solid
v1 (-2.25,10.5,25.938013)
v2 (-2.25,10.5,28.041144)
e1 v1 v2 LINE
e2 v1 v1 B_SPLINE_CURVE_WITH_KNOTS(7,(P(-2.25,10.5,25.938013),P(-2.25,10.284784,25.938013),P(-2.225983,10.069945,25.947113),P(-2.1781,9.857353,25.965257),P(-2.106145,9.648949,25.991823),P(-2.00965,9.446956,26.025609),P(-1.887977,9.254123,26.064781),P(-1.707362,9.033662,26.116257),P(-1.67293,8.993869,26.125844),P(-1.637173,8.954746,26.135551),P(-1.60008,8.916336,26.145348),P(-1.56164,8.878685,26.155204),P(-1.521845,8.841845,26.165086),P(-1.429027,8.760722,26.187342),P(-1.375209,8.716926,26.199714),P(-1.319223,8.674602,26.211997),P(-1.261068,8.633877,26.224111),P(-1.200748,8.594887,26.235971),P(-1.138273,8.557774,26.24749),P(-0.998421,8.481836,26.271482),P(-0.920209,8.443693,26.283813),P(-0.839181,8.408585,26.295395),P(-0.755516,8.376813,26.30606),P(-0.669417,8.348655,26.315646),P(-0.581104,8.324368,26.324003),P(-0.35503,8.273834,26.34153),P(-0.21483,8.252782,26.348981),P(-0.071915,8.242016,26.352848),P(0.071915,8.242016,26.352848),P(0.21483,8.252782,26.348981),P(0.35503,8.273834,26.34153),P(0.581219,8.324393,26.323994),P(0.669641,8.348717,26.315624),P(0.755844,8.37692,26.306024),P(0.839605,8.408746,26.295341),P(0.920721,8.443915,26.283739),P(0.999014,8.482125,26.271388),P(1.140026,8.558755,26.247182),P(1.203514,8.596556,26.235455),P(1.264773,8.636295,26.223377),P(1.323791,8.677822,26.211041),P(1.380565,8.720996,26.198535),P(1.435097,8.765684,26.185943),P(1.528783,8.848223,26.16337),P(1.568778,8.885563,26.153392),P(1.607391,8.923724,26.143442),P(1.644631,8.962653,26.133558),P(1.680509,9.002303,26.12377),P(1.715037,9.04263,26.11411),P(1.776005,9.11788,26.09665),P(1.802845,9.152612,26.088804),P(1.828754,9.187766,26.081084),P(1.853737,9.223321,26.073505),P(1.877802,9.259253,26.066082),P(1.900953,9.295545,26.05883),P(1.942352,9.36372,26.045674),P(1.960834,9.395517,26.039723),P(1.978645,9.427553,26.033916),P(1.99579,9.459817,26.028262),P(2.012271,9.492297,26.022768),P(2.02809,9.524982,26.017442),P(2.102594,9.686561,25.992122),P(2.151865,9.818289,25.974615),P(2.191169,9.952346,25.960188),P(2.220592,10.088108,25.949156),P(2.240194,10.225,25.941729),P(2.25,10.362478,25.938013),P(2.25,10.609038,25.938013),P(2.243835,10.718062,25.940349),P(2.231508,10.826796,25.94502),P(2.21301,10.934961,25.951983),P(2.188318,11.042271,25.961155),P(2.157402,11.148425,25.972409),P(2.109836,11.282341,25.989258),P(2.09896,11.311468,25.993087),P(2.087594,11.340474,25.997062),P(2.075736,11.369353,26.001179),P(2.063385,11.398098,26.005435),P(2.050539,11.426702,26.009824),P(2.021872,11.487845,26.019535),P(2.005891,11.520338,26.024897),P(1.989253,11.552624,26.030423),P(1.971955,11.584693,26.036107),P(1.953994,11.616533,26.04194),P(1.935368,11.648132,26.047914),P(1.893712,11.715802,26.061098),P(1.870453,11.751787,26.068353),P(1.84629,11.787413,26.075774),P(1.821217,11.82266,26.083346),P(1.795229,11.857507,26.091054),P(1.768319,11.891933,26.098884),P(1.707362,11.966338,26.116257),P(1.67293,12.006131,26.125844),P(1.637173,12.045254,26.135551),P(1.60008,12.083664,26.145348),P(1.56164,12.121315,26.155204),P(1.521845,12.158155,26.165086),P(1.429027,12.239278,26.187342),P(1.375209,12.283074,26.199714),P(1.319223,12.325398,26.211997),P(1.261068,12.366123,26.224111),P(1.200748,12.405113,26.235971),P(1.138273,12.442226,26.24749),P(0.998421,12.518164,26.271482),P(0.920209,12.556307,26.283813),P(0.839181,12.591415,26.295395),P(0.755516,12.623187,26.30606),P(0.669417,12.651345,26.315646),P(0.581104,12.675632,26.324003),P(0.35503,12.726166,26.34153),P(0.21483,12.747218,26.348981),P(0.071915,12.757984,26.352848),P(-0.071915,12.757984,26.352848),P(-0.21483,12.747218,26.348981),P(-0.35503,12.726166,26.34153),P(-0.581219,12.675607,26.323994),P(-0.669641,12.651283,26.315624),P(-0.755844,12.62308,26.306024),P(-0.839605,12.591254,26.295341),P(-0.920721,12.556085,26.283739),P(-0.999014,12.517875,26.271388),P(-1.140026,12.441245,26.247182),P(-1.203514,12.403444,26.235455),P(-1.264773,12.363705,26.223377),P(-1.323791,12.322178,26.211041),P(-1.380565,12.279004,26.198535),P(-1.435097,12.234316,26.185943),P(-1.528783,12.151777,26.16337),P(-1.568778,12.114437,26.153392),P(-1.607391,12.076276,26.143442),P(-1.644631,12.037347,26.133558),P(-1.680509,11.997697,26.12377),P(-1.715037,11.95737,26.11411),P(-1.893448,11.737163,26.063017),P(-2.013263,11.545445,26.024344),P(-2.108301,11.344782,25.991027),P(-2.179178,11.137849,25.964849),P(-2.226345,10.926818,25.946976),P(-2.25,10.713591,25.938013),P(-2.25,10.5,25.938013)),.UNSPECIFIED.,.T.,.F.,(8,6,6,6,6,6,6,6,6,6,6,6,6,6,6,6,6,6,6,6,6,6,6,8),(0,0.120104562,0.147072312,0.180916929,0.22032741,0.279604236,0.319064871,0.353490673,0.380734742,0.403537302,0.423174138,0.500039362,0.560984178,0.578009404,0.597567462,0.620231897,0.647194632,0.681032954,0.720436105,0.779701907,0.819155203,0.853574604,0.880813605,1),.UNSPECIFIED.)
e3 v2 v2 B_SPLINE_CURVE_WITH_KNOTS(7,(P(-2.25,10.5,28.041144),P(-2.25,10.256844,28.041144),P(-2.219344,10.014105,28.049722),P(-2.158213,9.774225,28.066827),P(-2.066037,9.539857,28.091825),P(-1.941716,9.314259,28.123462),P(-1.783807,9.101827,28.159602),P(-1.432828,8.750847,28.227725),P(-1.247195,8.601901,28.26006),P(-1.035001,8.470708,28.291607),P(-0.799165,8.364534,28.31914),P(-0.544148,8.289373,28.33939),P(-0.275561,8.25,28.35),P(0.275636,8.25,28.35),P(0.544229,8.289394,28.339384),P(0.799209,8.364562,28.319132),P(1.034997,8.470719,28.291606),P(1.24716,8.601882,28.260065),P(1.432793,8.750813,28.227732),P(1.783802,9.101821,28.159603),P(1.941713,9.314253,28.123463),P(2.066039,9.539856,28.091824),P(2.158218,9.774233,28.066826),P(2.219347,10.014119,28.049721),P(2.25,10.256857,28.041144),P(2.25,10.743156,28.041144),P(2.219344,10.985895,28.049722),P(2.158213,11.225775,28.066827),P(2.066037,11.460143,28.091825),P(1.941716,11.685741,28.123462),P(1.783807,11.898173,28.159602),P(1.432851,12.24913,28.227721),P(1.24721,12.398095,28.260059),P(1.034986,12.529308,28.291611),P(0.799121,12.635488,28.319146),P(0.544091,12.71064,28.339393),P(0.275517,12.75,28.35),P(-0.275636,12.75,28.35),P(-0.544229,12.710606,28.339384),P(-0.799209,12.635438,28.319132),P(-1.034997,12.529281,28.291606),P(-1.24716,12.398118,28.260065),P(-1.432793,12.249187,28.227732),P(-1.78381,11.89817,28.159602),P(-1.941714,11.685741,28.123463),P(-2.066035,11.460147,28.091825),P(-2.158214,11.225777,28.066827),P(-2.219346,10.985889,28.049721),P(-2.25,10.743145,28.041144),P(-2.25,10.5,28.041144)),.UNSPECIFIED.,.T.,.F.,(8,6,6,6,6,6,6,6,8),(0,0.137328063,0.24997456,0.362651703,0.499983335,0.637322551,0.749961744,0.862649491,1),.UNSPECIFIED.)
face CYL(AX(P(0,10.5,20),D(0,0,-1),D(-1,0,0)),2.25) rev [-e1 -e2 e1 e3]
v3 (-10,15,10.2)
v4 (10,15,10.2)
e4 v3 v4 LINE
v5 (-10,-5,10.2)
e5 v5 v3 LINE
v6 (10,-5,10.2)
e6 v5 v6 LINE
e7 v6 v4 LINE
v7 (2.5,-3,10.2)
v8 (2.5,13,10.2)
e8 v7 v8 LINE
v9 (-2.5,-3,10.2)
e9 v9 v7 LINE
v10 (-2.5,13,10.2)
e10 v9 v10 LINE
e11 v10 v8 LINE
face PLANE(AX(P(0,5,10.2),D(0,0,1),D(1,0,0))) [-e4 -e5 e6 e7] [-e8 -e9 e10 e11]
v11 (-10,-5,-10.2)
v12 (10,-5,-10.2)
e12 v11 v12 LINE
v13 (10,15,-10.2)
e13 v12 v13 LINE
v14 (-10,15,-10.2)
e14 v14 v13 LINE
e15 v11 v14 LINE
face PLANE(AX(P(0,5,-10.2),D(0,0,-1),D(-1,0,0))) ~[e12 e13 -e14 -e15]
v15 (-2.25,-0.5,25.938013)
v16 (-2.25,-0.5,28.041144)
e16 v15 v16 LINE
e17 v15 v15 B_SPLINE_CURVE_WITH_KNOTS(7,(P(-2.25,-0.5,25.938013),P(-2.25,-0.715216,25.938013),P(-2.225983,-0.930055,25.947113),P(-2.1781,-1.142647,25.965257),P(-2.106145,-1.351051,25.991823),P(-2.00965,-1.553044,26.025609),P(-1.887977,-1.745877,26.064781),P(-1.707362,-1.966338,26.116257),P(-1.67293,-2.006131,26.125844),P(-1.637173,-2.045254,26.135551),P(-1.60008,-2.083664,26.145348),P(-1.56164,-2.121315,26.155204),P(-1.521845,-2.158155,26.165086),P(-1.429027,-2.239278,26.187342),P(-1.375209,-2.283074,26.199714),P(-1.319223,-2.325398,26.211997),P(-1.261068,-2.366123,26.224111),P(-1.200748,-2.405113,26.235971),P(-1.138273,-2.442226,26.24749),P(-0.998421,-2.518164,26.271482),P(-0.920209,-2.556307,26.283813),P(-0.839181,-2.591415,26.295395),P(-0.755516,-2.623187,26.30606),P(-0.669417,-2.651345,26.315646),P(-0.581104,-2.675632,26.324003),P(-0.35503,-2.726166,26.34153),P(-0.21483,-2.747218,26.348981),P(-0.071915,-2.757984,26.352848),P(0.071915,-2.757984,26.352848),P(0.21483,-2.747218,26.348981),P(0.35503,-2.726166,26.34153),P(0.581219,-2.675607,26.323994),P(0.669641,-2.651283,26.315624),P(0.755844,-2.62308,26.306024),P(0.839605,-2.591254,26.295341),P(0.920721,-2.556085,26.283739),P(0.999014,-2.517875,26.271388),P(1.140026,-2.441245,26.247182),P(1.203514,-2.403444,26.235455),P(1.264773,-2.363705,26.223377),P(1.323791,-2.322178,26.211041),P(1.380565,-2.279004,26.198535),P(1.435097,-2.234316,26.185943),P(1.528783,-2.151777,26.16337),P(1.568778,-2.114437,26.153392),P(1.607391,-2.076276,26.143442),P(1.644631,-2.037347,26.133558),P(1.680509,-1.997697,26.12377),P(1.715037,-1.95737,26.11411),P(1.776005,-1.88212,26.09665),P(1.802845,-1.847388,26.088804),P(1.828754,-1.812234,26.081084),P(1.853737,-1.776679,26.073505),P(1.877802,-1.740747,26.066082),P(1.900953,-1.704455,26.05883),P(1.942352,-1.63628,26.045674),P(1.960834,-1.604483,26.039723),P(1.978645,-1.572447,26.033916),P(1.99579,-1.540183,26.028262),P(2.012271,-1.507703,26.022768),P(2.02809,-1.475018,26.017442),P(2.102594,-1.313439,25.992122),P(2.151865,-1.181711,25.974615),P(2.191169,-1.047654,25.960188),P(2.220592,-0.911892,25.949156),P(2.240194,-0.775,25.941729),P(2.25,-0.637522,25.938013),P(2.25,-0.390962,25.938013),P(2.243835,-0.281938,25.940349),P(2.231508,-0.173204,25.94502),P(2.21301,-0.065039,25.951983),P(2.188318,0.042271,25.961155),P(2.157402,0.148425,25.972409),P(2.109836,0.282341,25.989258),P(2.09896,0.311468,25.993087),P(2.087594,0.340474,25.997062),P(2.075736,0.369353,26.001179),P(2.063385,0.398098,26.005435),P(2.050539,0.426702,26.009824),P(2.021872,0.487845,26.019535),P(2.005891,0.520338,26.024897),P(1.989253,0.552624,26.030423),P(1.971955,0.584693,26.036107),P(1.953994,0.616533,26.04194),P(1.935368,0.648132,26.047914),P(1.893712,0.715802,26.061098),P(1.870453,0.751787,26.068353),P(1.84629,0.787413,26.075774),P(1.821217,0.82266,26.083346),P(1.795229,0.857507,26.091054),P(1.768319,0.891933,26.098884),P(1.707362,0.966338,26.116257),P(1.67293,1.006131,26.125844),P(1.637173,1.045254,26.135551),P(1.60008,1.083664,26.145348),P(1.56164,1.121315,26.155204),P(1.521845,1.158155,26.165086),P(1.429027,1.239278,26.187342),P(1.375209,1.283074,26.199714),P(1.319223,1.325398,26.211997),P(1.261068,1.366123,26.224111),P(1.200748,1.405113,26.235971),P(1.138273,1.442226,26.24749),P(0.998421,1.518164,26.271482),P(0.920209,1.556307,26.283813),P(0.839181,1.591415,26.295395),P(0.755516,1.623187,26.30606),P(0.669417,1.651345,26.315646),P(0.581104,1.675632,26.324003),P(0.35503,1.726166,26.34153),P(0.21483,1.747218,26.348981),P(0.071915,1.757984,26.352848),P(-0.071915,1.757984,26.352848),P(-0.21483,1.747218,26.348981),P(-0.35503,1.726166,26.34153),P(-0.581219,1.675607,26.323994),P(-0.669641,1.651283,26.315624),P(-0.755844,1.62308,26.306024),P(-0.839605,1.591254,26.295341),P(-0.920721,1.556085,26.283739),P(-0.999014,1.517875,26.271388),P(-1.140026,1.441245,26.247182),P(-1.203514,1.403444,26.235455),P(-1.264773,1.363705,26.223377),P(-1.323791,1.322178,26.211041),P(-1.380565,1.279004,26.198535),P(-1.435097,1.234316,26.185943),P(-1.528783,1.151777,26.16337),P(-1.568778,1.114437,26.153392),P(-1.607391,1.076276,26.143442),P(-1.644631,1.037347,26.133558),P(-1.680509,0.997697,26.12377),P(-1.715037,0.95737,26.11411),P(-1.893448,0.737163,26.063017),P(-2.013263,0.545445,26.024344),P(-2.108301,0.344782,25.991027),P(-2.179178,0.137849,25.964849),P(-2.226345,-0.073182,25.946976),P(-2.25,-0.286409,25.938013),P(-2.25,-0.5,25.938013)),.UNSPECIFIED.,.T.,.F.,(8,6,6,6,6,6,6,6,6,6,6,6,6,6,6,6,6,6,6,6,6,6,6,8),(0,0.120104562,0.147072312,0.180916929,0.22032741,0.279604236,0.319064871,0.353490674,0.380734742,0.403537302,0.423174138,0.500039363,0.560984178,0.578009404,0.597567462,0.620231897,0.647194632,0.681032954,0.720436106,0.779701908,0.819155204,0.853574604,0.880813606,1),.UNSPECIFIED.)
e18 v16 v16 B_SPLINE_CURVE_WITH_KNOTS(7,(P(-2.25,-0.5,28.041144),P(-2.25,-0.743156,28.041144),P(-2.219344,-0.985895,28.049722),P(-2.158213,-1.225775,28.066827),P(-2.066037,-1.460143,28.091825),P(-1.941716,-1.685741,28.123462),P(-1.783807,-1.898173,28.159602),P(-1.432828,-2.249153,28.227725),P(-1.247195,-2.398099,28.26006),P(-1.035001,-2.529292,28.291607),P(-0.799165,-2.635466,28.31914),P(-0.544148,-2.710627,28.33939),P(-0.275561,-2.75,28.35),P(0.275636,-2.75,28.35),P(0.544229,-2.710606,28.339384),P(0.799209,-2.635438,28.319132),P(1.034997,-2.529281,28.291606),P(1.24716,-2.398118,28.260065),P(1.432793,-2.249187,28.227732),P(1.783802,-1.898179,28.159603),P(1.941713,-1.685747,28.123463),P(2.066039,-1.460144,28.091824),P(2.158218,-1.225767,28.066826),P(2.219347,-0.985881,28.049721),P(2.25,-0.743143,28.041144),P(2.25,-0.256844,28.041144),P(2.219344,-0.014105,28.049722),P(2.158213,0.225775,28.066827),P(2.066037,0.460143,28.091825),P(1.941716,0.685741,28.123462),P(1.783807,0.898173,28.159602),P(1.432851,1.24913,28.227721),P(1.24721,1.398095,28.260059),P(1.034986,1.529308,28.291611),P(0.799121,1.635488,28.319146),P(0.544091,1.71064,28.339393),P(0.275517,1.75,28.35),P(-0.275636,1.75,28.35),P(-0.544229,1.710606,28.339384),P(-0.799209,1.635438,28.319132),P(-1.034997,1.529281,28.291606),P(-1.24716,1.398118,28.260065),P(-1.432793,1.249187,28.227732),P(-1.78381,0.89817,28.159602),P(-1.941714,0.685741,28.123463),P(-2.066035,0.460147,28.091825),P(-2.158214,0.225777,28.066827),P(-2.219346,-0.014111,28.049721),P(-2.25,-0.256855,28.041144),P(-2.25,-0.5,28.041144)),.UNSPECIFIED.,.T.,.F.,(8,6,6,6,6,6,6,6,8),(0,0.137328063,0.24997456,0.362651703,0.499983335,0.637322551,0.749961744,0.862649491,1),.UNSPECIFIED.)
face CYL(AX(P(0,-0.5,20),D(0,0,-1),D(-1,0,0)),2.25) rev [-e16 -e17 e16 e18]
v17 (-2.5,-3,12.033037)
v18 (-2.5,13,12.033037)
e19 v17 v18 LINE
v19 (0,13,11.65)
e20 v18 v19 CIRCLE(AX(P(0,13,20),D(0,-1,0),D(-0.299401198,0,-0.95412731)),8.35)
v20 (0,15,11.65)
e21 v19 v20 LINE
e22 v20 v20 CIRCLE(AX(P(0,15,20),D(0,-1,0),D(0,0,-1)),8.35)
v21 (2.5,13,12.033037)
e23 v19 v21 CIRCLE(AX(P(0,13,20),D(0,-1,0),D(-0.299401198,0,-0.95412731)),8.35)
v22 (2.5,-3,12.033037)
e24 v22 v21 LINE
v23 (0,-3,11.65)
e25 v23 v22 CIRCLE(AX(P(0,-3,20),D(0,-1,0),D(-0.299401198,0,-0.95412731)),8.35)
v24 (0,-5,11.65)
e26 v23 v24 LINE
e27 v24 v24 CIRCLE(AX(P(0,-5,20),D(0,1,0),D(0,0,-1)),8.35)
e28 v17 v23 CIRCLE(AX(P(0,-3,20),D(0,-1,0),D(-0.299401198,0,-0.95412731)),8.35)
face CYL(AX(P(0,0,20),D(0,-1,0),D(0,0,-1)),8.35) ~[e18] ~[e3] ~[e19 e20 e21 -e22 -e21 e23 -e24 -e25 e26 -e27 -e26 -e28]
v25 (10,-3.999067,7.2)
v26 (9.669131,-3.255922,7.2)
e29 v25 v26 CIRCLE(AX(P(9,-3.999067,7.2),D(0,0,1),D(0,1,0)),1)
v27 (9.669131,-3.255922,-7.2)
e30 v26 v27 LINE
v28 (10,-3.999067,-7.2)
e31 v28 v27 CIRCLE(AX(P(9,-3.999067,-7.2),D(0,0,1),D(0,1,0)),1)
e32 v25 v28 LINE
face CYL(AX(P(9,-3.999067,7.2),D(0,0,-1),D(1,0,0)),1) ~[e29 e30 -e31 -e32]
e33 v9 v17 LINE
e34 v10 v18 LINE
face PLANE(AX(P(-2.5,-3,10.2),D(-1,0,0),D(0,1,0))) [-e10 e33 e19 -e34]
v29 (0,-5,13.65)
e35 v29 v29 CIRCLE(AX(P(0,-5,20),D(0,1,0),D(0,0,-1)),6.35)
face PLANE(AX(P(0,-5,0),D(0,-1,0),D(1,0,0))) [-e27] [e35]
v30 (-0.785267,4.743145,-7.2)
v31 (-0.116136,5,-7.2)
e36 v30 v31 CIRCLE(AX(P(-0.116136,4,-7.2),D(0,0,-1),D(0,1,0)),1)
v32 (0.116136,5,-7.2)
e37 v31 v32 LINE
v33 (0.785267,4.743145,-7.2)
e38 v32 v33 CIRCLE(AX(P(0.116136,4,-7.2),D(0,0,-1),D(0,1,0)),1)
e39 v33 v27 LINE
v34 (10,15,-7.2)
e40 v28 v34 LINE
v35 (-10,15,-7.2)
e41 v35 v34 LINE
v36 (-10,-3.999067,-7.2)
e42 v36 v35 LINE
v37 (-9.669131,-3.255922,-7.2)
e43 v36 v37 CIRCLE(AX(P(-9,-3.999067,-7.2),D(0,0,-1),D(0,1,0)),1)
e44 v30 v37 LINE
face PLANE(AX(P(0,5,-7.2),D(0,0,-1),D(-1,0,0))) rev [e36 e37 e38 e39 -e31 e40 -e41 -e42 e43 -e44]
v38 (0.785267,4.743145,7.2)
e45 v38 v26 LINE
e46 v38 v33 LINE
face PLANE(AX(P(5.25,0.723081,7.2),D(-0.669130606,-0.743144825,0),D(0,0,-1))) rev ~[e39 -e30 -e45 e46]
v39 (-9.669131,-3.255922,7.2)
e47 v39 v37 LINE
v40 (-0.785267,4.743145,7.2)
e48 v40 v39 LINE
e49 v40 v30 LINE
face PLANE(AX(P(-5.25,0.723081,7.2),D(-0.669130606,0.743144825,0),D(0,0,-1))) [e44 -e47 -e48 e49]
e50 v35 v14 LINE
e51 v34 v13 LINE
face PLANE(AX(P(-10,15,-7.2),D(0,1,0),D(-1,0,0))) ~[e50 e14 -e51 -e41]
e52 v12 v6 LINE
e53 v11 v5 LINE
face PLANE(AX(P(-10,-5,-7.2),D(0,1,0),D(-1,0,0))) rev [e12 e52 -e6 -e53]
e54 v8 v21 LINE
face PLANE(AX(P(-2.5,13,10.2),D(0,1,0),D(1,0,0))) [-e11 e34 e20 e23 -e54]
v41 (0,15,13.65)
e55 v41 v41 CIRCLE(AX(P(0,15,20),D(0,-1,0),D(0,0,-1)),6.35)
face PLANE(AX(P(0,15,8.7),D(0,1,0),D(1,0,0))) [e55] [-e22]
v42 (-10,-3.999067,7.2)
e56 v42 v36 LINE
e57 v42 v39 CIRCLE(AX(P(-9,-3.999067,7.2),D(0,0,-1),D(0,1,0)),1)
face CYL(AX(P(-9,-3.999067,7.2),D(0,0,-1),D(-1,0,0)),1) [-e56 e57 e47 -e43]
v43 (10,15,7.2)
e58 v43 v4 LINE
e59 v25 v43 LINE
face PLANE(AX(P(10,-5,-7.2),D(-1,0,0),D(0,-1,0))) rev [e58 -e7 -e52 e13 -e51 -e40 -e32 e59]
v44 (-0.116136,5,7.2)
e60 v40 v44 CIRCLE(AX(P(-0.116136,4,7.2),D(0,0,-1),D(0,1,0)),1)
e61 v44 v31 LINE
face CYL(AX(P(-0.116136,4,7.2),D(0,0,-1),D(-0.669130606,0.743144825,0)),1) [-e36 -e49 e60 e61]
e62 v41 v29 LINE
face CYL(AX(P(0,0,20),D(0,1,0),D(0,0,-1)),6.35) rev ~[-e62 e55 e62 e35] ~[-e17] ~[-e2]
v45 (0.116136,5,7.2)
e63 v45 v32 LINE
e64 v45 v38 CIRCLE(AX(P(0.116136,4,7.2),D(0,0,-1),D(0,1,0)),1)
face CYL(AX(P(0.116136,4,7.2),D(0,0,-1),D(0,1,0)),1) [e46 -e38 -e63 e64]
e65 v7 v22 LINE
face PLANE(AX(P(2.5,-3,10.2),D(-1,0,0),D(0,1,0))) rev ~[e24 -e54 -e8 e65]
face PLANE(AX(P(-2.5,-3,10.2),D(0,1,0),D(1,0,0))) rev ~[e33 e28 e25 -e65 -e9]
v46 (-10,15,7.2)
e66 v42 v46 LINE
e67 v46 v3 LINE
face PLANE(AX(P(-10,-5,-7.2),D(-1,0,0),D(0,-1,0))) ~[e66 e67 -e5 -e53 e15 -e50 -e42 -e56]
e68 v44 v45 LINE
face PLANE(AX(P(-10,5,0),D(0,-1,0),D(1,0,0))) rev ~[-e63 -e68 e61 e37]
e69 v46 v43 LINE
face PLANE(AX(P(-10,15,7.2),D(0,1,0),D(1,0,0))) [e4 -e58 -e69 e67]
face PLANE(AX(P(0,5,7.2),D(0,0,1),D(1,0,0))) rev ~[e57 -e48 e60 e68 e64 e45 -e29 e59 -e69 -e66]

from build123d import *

# Parameters (mm, degrees)
SKETCH2_W                       = 20
SKETCH2_H                       = 10
BOSS_EXTRUDE1_DEPTH             = 7.2
CHAMFER1_SIZE                   = 9.5
CHAMFER1_SIZE2                  = 8.553838421
FILLET3_R                       = 1
SKETCH3_W                       = 20
SKETCH3_H                       = 20
BOSS_EXTRUDE2_DEPTH             = 3
BOSS_EXTRUDE3_REACH             = 22.713
SKETCH6_R                       = 8.35
SKETCH6_R_2                     = 6.35
BOSS_EXTRUDE3_DIRECTION_2_REACH = 22.713
BOSS_EXTRUDE4_REACH             = 29.224
BOSS_EXTRUDE4_END_RADIUS        = 8.35
SKETCH5_W                       = 5
SKETCH5_H                       = 16
CUT_EXTRUDE1_REACH              = 37.172
CUT_EXTRUDE1_END_RADIUS         = 8.35
SKETCH7_R                       = 2.25


with BuildPart() as part:
    # Sketch2 → Boss-Extrude1 (new, symmetric)
    with BuildSketch(Plane.XY):
        Rectangle(SKETCH2_W, SKETCH2_H)
    extrude(amount=BOSS_EXTRUDE1_DEPTH, both=True)

    # Chamfer1
    chamfer1_edges = [part.edges().sort_by_distance(p)[0] for p in [
        (-10, 5, 0),
        (10, 5, 0),
    ]]
    chamfer1_side = [part.faces().sort_by_distance(p)[0] for p in [
        (0, 5, 0),
    ]]
    chamfer(chamfer1_edges, length=CHAMFER1_SIZE, length2=CHAMFER1_SIZE2, reference=chamfer1_side[0])

    # Fillet3
    fillet3_edges = [part.edges().sort_by_distance(p)[0] for p in [
        (-0.5, 5, 0),
        (0.5, 5, 0),
        (10, -3.553838421, 0),
        (-10, -3.553838421, 0),
    ]]
    fillet(fillet3_edges, radius=FILLET3_R)

    # Sketch3 → Boss-Extrude2 (add)
    with BuildSketch(Plane.XY.offset(7.2)):
        with Locations((0, 5)):
            Rectangle(SKETCH3_W, SKETCH3_H)
    boss_extrude2 = extrude(amount=BOSS_EXTRUDE2_DEPTH)

    # Mirror1: Boss-Extrude2 across plane
    add(boss_extrude2.mirror(Plane.XY))


with BuildPart() as body_2:

    # Boss-Extrude3: up to this face of the body (flat: up to its plane)
    boss_extrude3_end = Plane(part.part.faces().sort_by_distance((0, 15, 8.7))[0])
    # Sketch6 → Boss-Extrude3 (new, up to the picked face)
    with BuildSketch(Plane(origin=(0, 0, 0), x_dir=(1, 0, 0), z_dir=(0, 1, 0)), mode=Mode.PRIVATE) as boss_extrude3_sk1:
        with Locations(Location((0, -20, 0), (0, 0, 90))):
            Circle(SKETCH6_R)
        with Locations(Location((0, -20, 0), (0, 0, 90))):
            Circle(SKETCH6_R_2, mode=Mode.SUBTRACT)
    boss_extrude3_tool1 = split(extrude(boss_extrude3_sk1.sketch, amount=BOSS_EXTRUDE3_REACH, mode=Mode.PRIVATE), bisect_by=boss_extrude3_end, keep=Keep.BOTH, mode=Mode.PRIVATE)
    add(boss_extrude3_tool1.solids().sort_by(Axis((0, 0, 28.113826), (0, 1, 0)))[0])


    # Boss-Extrude3 direction 2: up to this face of the body (flat: up to its plane)
    boss_extrude3_direction_2_end = Plane(part.part.faces().sort_by_distance((0, -5, 0))[0])
    # Sketch6 → Boss-Extrude3 direction 2 (add, up to the picked face)
    with BuildSketch(Plane(origin=(0, 0, 0), x_dir=(1, 0, 0), z_dir=(0, 1, 0)), mode=Mode.PRIVATE) as boss_extrude3_direction_2_sk1:
        with Locations(Location((0, -20, 0), (0, 0, 90))):
            Circle(SKETCH6_R)
        with Locations(Location((0, -20, 0), (0, 0, 90))):
            Circle(SKETCH6_R_2, mode=Mode.SUBTRACT)
    boss_extrude3_direction_2_tool1 = split(extrude(boss_extrude3_direction_2_sk1.sketch, amount=-BOSS_EXTRUDE3_DIRECTION_2_REACH, mode=Mode.PRIVATE), bisect_by=boss_extrude3_direction_2_end, keep=Keep.BOTH, mode=Mode.PRIVATE)
    add(boss_extrude3_direction_2_tool1.solids().sort_by(Axis((0, 0, 28.113826), (0, -1, 0)))[0])


with BuildPart() as part_1:
    add(part.part)

    add(body_2.part)  # Boss-Extrude4 merges body 2
    # Boss-Extrude4: up to this cylinder (the profile starts outside it)
    boss_extrude4_end = Plane(origin=(0, 5, 20), z_dir=(0, -1, 0)) * Cylinder(BOSS_EXTRUDE4_END_RADIUS, 76.148, mode=Mode.PRIVATE)
    # Sketch5 → Boss-Extrude4 (add, up to the surface)
    with BuildSketch(Plane.XY.offset(10.2), mode=Mode.PRIVATE) as boss_extrude4_sk1:
        with Locations((0, 5)):
            Rectangle(SKETCH5_W, SKETCH5_H)
    boss_extrude4_tool1 = extrude(boss_extrude4_sk1.sketch, amount=BOSS_EXTRUDE4_REACH, mode=Mode.PRIVATE) - boss_extrude4_end
    add(boss_extrude4_tool1.solids().sort_by_distance((0, 5, 10.2))[0])

    # Cut-Extrude1: up to this cylinder (the profile starts inside it)
    cut_extrude1_end = Plane(origin=(0, 5, 20), z_dir=(0, -1, 0)) * Cylinder(CUT_EXTRUDE1_END_RADIUS, 103.044, mode=Mode.PRIVATE)
    # Sketch7 → Cut-Extrude1 (cut, up to the surface)
    with BuildSketch(Plane.XY.offset(20), mode=Mode.PRIVATE) as cut_extrude1_sk1:
        with Locations(Location((0, 10.5, 0), (0, 0, 180))):
            Circle(SKETCH7_R)
    cut_extrude1_tool1 = extrude(cut_extrude1_sk1.sketch, amount=CUT_EXTRUDE1_REACH, mode=Mode.PRIVATE) & cut_extrude1_end
    add(cut_extrude1_tool1.solids().sort_by_distance((0, 10.5, 20))[0], mode=Mode.SUBTRACT)
    # Sketch7 → Cut-Extrude1 (cut, up to the surface)
    with BuildSketch(Plane.XY.offset(20), mode=Mode.PRIVATE) as cut_extrude1_sk2:
        with Locations(Location((0, -0.5, 0), (0, 0, 180))):
            Circle(SKETCH7_R)
    cut_extrude1_tool2 = extrude(cut_extrude1_sk2.sketch, amount=CUT_EXTRUDE1_REACH, mode=Mode.PRIVATE) & cut_extrude1_end
    add(cut_extrude1_tool2.solids().sort_by_distance((0, -0.5, 20))[0], mode=Mode.SUBTRACT)


solid = part_1.part
